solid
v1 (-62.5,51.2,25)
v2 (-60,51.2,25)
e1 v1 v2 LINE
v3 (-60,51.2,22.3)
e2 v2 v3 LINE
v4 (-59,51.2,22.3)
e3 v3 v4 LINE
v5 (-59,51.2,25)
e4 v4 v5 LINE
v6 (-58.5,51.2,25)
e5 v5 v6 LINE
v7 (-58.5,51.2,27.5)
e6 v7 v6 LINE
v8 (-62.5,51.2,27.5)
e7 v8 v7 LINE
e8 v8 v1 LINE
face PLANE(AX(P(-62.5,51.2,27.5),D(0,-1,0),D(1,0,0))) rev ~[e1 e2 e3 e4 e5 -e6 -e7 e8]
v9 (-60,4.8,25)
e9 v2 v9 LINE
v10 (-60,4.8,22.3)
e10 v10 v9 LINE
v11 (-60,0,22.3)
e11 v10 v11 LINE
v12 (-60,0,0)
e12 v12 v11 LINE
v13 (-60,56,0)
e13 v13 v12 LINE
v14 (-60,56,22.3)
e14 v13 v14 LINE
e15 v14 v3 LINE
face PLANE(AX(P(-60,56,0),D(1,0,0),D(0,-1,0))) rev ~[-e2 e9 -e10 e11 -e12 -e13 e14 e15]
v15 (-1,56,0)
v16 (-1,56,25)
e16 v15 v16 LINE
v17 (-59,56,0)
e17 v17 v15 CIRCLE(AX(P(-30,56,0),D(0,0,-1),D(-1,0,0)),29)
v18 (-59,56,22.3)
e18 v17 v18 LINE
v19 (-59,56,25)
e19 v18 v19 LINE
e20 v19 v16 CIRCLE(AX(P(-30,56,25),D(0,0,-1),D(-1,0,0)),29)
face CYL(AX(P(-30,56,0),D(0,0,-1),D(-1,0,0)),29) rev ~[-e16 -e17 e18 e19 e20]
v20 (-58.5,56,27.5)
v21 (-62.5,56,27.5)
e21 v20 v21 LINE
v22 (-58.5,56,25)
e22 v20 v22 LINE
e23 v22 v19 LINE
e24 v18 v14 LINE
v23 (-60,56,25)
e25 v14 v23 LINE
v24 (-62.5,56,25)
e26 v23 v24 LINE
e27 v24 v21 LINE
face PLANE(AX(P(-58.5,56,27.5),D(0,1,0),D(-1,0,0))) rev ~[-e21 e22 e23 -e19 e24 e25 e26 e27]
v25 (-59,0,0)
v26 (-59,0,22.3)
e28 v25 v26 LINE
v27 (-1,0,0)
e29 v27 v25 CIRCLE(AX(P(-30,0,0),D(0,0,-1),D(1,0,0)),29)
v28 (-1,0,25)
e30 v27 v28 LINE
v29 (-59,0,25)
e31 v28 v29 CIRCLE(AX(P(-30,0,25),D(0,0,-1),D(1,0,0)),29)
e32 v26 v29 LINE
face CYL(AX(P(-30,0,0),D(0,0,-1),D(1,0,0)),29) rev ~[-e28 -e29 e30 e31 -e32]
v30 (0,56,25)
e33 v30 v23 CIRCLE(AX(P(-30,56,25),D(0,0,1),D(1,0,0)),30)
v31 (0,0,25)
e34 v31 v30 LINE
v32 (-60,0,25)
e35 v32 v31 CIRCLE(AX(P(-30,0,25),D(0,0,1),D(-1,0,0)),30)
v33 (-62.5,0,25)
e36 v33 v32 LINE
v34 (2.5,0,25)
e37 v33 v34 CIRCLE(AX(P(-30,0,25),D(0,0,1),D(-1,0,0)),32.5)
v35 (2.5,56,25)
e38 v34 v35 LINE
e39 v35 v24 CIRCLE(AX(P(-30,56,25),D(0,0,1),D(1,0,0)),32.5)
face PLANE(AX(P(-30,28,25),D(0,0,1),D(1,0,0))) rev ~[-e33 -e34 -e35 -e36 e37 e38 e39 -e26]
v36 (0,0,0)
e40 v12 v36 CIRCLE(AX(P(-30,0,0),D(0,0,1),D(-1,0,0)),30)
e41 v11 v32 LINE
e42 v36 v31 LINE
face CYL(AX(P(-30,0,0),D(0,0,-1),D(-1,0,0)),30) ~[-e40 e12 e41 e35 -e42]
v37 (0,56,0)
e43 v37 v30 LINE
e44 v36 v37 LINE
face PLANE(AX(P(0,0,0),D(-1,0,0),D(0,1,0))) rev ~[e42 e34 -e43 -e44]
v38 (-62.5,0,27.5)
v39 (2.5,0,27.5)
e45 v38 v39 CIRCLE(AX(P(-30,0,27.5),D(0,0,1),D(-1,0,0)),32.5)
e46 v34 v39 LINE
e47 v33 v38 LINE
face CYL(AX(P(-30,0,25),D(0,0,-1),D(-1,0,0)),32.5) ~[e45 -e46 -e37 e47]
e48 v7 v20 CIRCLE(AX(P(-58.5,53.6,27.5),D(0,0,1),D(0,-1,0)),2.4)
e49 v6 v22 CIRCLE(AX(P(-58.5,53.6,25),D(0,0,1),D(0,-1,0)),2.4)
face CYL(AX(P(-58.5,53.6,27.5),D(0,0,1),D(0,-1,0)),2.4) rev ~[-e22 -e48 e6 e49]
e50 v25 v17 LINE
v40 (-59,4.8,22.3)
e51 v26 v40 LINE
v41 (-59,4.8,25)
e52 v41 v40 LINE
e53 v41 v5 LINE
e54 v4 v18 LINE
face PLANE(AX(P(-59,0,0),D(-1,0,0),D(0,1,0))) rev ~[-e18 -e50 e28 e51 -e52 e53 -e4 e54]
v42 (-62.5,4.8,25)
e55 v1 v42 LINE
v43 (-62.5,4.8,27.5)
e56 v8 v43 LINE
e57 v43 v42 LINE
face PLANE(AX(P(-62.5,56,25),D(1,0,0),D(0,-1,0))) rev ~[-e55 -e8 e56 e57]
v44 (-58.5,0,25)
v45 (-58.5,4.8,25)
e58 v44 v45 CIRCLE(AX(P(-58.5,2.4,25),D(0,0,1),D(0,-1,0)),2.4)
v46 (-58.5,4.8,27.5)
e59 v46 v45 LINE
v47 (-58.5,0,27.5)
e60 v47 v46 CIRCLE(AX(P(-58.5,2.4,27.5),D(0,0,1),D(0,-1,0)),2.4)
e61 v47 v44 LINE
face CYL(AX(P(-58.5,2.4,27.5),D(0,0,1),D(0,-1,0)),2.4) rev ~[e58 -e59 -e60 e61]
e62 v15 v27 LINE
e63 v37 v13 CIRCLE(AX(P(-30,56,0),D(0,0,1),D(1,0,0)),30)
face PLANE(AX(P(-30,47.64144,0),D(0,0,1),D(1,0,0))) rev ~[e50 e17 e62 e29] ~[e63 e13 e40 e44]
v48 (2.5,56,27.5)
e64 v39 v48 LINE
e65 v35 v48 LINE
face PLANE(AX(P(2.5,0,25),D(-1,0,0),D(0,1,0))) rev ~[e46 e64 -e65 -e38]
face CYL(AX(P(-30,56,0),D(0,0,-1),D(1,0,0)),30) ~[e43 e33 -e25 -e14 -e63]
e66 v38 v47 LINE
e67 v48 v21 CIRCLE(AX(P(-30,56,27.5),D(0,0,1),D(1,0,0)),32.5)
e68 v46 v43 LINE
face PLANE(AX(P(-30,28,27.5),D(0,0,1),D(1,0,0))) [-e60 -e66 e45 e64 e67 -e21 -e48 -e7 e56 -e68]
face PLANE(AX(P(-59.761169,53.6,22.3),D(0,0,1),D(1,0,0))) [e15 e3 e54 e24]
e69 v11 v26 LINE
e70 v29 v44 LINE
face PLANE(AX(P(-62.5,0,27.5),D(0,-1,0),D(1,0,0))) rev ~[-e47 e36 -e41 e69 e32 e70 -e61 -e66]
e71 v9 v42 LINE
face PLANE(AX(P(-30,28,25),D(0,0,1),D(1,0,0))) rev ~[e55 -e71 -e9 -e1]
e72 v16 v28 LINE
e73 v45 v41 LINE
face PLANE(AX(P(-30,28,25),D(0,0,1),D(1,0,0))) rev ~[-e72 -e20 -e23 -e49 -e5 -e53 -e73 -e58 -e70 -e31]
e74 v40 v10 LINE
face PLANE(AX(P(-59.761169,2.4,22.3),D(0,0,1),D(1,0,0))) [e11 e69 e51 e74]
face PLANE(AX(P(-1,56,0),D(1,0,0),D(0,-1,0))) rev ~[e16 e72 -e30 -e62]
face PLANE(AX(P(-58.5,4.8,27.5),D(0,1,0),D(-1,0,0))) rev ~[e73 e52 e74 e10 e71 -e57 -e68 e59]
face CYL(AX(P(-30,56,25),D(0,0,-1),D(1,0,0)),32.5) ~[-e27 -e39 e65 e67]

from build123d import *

# Parameters (mm, degrees)
F1_DEPTH = 25
F3_DEPTH = 2.5
F5_DEPTH = 5.2


with BuildPart() as f1:
    # F0 (on Top) → F1 (new body)
    with BuildSketch(Plane.XY):
        with BuildLine():
            Line((-1, 0), (0, 0))
            Line((0, 0), (0, 56))
            ThreePointArc((0, 56), (-30, 86), (-60, 56))
            Line((-60, 56), (-60, 0))
            Line((-60, 0), (-59, 0))
            Line((-59, 0), (-59, 56))
            ThreePointArc((-59, 56), (-30, 85), (-1, 56))
            Line((-1, 56), (-1, 0))
        make_face()
        with BuildLine():
            ThreePointArc((-60, 0), (-30, -30), (0, 0))
            Line((0, 0), (-1, 0))
            ThreePointArc((-1, 0), (-30, -29), (-59, 0))
            Line((-59, 0), (-60, 0))
        make_face()
    extrude(amount=F1_DEPTH)

    # F2 (on face) → F3 (join)
    with BuildSketch(Plane.XY.offset(25)):
        with BuildLine():
            ThreePointArc((2.5, 56), (-30, 88.5), (-62.5, 56))
            Line((-62.5, 56), (-62.5, 0))
            ThreePointArc((-62.5, 0), (-30, -32.5), (2.5, 0))
            Line((2.5, 0), (2.5, 56))
        make_face()
        with BuildLine():
            Line((-60, 0), (-60, 56))
            ThreePointArc((-60, 56), (-30, 86), (0, 56))
            Line((0, 56), (0, 0))
            ThreePointArc((0, 0), (-30, -30), (-60, 0))
        make_face(mode=Mode.SUBTRACT)
        with BuildLine():
            ThreePointArc((0, 56), (-30, 86), (-60, 56))
            Line((-60, 56), (-60, 0))
            ThreePointArc((-60, 0), (-30, -30), (0, 0))
            Line((0, 0), (0, 56))
        make_face()
        with BuildLine():
            ThreePointArc((-1, 0), (-30, -29), (-59, 0))
            Line((-59, 0), (-59, 56))
            ThreePointArc((-59, 56), (-30, 85), (-1, 56))
            Line((-1, 56), (-1, 0))
        make_face(mode=Mode.SUBTRACT)
        with BuildLine():
            Line((-59, 56), (-59, 0))
            ThreePointArc((-59, 0), (-30, -29), (-1, 0))
            Line((-1, 0), (-1, 56))
            ThreePointArc((-1, 56), (-30, 85), (-59, 56))
        make_face()
    extrude(amount=F3_DEPTH)

    # F4 (on face) → F5 (cut)
    with BuildSketch(Plane.XY.offset(27.5)):
        with BuildLine():
            Line((-58.5, 56), (-62.5, 56))
            Line((-62.5, 56), (-62.5, 51.2))
            Line((-62.5, 51.2), (-58.5, 51.2))
            ThreePointArc((-58.5, 51.2), (-56.1, 53.6), (-58.5, 56))
        make_face()
        with BuildLine():
            Line((-58.5, 4.8), (-62.5, 4.8))
            Line((-62.5, 4.8), (-62.5, 0))
            Line((-62.5, 0), (-58.5, 0))
            ThreePointArc((-58.5, 0), (-56.1, 2.4), (-58.5, 4.8))
        make_face()
    extrude(amount=-F5_DEPTH, mode=Mode.SUBTRACT)


solid = f1.part
